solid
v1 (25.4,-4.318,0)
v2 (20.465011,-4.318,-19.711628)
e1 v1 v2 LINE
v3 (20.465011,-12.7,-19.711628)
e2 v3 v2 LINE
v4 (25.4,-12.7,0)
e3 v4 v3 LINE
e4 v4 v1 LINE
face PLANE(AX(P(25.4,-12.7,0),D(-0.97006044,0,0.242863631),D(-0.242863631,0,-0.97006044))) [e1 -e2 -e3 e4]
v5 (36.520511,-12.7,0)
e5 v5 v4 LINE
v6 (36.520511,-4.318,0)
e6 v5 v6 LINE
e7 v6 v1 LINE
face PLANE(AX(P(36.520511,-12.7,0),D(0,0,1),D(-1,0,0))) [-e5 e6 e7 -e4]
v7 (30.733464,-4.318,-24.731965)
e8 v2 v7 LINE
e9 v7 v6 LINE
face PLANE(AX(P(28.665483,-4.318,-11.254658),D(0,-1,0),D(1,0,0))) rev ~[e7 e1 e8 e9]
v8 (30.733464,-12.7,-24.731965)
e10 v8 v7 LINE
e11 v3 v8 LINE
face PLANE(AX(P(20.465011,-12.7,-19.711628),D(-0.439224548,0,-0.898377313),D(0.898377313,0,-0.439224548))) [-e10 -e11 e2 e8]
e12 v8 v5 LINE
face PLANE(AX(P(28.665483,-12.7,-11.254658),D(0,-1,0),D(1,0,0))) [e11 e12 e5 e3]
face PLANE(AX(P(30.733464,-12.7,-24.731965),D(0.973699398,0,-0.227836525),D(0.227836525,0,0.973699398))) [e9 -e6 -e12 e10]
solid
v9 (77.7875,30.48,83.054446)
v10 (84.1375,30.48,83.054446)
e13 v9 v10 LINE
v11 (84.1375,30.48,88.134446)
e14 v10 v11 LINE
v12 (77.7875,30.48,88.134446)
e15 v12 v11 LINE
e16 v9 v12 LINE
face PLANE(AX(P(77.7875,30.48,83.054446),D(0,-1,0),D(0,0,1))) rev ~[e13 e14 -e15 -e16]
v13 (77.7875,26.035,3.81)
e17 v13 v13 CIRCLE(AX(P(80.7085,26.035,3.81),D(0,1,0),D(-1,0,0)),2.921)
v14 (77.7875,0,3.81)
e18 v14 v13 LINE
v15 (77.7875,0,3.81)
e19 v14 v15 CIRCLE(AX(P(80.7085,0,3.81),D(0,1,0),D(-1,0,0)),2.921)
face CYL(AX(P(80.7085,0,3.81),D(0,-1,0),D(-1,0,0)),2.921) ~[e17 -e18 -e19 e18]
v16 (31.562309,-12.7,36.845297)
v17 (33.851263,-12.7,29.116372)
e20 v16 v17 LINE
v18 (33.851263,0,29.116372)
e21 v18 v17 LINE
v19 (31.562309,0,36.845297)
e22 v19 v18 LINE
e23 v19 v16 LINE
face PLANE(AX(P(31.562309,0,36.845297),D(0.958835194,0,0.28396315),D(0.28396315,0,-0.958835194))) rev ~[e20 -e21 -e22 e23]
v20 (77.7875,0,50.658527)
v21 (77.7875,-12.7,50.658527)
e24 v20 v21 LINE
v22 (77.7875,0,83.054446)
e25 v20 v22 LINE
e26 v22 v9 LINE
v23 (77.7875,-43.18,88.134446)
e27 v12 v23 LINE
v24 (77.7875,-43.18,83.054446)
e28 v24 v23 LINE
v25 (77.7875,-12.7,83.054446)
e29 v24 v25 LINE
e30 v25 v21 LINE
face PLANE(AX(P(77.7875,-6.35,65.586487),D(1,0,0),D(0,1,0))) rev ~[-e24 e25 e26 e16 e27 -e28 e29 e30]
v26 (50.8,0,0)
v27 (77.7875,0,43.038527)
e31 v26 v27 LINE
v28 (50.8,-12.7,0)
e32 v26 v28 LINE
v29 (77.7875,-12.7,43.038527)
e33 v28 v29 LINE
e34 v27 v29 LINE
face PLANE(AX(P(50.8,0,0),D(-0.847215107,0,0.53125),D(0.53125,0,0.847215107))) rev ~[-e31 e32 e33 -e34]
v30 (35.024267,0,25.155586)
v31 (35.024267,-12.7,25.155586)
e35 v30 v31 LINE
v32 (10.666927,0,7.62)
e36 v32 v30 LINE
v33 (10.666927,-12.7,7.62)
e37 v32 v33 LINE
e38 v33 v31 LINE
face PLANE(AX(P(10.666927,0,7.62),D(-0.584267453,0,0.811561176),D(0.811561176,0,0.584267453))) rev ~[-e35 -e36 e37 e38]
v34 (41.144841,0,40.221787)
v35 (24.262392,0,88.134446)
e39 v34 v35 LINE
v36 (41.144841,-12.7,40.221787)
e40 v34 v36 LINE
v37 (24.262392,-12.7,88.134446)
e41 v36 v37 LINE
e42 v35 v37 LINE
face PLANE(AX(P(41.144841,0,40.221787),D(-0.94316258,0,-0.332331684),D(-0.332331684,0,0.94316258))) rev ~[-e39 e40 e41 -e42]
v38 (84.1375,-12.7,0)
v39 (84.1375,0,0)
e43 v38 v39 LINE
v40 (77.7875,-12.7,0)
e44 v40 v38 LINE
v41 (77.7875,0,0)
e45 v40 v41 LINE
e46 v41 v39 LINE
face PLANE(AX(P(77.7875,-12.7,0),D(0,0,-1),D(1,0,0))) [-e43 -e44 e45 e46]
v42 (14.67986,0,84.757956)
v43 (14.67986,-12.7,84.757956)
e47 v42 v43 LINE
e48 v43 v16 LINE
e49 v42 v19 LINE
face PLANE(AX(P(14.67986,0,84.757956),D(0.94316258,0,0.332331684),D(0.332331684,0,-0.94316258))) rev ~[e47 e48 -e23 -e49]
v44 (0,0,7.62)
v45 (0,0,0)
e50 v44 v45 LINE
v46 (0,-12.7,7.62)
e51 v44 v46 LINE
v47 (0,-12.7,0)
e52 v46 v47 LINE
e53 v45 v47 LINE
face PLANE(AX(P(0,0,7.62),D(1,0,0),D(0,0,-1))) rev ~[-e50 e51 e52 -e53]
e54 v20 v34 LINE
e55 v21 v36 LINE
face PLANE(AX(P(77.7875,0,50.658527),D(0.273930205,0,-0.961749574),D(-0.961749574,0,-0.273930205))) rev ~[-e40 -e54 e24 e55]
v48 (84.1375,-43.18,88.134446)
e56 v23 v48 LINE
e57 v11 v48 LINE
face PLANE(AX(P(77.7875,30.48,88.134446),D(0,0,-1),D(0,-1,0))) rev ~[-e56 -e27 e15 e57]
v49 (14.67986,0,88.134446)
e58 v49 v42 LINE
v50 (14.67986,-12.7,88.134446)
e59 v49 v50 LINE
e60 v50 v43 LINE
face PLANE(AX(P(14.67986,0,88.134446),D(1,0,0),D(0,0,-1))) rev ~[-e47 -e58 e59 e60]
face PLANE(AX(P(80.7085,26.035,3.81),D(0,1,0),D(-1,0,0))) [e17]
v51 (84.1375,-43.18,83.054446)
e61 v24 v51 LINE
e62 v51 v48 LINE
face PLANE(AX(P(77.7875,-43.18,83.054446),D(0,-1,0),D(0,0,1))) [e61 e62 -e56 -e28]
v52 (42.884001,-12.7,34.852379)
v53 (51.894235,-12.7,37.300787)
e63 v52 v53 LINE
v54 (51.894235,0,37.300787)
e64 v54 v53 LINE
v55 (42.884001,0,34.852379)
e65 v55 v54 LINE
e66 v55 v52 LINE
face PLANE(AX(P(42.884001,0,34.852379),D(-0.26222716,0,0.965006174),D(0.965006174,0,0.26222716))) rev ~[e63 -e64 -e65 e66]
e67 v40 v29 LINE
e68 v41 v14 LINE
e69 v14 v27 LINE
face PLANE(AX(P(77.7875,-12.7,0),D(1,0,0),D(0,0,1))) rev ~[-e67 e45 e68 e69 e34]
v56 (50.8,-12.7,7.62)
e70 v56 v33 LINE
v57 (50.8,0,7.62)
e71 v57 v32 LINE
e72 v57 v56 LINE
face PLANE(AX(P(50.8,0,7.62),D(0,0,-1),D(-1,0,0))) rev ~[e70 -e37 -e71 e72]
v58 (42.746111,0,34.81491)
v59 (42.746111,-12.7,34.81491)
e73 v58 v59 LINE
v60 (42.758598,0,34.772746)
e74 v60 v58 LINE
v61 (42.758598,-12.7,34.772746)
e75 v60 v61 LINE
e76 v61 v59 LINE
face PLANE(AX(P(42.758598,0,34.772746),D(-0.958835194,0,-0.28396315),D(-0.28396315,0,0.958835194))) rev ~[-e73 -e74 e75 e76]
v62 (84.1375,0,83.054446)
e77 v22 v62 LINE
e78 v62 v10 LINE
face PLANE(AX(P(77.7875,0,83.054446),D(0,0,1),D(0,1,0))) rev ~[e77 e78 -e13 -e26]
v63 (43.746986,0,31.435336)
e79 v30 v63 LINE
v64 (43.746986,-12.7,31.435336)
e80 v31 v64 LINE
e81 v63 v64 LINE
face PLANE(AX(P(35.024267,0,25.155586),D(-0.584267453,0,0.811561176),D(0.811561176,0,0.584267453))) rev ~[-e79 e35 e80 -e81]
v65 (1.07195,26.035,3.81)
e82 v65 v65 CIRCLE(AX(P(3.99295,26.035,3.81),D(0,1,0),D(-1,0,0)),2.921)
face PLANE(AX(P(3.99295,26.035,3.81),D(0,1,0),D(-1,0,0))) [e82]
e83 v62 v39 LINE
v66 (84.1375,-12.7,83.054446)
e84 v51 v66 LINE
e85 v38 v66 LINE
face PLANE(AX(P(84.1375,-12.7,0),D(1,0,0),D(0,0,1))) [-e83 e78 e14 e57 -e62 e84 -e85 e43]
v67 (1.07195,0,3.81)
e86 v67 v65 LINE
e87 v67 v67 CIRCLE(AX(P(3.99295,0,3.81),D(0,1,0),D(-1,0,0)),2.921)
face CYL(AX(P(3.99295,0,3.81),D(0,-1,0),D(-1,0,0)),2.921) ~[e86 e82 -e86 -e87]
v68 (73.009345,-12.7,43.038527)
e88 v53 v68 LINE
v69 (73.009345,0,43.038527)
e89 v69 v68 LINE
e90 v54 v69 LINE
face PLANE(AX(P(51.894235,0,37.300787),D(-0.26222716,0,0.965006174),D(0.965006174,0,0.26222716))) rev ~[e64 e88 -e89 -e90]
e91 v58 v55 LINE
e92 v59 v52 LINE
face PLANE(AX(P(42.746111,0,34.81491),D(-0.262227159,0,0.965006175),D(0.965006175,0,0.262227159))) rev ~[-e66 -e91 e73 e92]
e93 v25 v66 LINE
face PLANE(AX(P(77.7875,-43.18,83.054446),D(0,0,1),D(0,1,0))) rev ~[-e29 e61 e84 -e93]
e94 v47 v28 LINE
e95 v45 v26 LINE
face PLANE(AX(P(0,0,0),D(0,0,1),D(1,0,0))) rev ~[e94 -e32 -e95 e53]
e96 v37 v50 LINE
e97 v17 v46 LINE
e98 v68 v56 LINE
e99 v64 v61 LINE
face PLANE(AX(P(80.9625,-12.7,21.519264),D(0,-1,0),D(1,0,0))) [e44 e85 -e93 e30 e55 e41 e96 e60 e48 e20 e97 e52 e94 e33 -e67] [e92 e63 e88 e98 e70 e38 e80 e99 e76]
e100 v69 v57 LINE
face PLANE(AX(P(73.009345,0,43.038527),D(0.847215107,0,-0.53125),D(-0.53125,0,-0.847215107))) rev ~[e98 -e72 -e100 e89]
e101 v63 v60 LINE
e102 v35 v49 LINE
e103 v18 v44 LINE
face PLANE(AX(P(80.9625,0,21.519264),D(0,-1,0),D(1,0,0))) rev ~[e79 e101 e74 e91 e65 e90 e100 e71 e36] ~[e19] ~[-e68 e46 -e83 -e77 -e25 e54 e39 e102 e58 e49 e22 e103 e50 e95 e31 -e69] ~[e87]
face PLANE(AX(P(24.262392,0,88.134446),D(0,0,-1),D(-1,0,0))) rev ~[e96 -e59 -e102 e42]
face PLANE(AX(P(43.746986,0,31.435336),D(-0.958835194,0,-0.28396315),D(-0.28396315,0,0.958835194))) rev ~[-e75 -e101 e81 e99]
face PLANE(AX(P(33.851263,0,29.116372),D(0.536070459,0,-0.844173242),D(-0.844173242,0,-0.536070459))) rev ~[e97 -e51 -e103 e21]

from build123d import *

# Parameters (mm, degrees)
F1_DEPTH  = 12.7
F2_W      = 30.48
F2_H      = 5.08
F3_DEPTH  = 6.35
F4_R      = 2.921
F5_DEPTH  = 26.035
F6_W      = 6.35
F6_H      = 43.0385274347
F7_DEPTH  = 12.7
F8_R      = 2.921
F9_DEPTH  = 26.035
F11_DEPTH = 8.382


with BuildPart() as f1:
    # F0 (on Front) → F1 (new body)
    with BuildSketch(Plane.XZ):
        Polygon((0, 7.62), (0, 0), (50.8, 0), (50.8, 7.62), (40.2175062395, 7.62), (10.666927397, 7.62), align=None)
        Polygon((50.8, 7.62), (50.8, 0), (77.7875, 43.0385274347), (77.7875, 50.6585274347), (73.0093451175, 43.0385274347), align=None)
        Polygon((33.8512634864, 29.1163723458), (0, 7.62), (10.666927397, 7.62), (35.0242672791, 25.1555861695), align=None)
        Polygon((31.5623094262, 36.8452967157), (33.8512634864, 29.1163723458), (42.7585980808, 34.7727455895), (42.746111008, 34.8149096691), (41.1448412363, 34.3797866252), (41.1448412363, 40.2217866252), align=None)
        Polygon((42.7585980808, 34.7727455895), (33.8512634864, 29.1163723458), (35.0242672791, 25.1555861695), (43.7469863398, 31.4353356192), align=None)
        Polygon((51.8942351591, 37.3007866252), (73.0093451175, 43.0385274347), (77.7875, 50.6585274347), (41.1448412363, 40.2217866252), (42.746111008, 34.8149096691), (42.8840007178, 34.8523793018), align=None)
        Polygon((14.6798598787, 84.7579557661), (31.5623094262, 36.8452967157), (41.1448412363, 40.2217866252), (24.2623916888, 88.1344456756), (24.2623916888, 84.7579557661), align=None)
        Polygon((42.746111008, 34.8149096691), (41.1448412363, 40.2217866252), (41.1448412363, 34.3797866252), align=None)
        Polygon((14.6798598787, 88.1344456756), (14.6798598787, 84.7579557661), (24.2623916888, 88.1344456756), align=None)
        Polygon((24.2623916888, 88.1344456756), (14.6798598787, 84.7579557661), (24.2623916888, 84.7579557661), align=None)
    extrude(amount=F1_DEPTH)

    # F2 (on face) → F3 (join)
    with BuildSketch(Plane.YZ.offset(77.7875)):
        Polygon((-12.7, 83.0544456756), (-12.7, 43.0385274347), (0, 43.0385274347), (0, 83.0544456756), (0, 88.1344456756), (-12.7, 88.1344456756), align=None)
        with Locations((-27.94, 85.5944456756)):
            Rectangle(F2_W, F2_H)
        with Locations((15.24, 85.5944456756)):
            Rectangle(F2_W, F2_H)
    extrude(amount=F3_DEPTH)

    # F4 (on face) → F5 (join)
    with BuildSketch(Plane(origin=(0, 0, 0), x_dir=(-1, 0, 0), z_dir=(0, 1, 0))):
        with Locations((-3.9929500781, 3.81)):
            Circle(F4_R)
    extrude(amount=F5_DEPTH)

    # F6 (on face) → F7 (join, through all)
    with BuildSketch(Plane.XZ.offset(12.7)):
        with Locations((80.9625, 21.5192637174)):
            Rectangle(F6_W, F6_H)
    extrude(amount=-F7_DEPTH)

    # F8 (on face) → F9 (join)
    with BuildSketch(Plane(origin=(0, 0, 0), x_dir=(-1, 0, 0), z_dir=(0, 1, 0))):
        with Locations((-80.7085, 3.81)):
            Circle(F8_R)
    extrude(amount=F9_DEPTH)


with BuildPart() as f11:
    # F10 (on face) → F11 (new body)
    with BuildSketch(Plane.XZ.offset(12.7)):
        Polygon((30.7334636985, -24.7319647125), (36.5205114313, 0), (25.4, 0), (20.4650110093, -19.7116281332), align=None)
    extrude(amount=-F11_DEPTH)


solid = Compound([f1.part, f11.part])
